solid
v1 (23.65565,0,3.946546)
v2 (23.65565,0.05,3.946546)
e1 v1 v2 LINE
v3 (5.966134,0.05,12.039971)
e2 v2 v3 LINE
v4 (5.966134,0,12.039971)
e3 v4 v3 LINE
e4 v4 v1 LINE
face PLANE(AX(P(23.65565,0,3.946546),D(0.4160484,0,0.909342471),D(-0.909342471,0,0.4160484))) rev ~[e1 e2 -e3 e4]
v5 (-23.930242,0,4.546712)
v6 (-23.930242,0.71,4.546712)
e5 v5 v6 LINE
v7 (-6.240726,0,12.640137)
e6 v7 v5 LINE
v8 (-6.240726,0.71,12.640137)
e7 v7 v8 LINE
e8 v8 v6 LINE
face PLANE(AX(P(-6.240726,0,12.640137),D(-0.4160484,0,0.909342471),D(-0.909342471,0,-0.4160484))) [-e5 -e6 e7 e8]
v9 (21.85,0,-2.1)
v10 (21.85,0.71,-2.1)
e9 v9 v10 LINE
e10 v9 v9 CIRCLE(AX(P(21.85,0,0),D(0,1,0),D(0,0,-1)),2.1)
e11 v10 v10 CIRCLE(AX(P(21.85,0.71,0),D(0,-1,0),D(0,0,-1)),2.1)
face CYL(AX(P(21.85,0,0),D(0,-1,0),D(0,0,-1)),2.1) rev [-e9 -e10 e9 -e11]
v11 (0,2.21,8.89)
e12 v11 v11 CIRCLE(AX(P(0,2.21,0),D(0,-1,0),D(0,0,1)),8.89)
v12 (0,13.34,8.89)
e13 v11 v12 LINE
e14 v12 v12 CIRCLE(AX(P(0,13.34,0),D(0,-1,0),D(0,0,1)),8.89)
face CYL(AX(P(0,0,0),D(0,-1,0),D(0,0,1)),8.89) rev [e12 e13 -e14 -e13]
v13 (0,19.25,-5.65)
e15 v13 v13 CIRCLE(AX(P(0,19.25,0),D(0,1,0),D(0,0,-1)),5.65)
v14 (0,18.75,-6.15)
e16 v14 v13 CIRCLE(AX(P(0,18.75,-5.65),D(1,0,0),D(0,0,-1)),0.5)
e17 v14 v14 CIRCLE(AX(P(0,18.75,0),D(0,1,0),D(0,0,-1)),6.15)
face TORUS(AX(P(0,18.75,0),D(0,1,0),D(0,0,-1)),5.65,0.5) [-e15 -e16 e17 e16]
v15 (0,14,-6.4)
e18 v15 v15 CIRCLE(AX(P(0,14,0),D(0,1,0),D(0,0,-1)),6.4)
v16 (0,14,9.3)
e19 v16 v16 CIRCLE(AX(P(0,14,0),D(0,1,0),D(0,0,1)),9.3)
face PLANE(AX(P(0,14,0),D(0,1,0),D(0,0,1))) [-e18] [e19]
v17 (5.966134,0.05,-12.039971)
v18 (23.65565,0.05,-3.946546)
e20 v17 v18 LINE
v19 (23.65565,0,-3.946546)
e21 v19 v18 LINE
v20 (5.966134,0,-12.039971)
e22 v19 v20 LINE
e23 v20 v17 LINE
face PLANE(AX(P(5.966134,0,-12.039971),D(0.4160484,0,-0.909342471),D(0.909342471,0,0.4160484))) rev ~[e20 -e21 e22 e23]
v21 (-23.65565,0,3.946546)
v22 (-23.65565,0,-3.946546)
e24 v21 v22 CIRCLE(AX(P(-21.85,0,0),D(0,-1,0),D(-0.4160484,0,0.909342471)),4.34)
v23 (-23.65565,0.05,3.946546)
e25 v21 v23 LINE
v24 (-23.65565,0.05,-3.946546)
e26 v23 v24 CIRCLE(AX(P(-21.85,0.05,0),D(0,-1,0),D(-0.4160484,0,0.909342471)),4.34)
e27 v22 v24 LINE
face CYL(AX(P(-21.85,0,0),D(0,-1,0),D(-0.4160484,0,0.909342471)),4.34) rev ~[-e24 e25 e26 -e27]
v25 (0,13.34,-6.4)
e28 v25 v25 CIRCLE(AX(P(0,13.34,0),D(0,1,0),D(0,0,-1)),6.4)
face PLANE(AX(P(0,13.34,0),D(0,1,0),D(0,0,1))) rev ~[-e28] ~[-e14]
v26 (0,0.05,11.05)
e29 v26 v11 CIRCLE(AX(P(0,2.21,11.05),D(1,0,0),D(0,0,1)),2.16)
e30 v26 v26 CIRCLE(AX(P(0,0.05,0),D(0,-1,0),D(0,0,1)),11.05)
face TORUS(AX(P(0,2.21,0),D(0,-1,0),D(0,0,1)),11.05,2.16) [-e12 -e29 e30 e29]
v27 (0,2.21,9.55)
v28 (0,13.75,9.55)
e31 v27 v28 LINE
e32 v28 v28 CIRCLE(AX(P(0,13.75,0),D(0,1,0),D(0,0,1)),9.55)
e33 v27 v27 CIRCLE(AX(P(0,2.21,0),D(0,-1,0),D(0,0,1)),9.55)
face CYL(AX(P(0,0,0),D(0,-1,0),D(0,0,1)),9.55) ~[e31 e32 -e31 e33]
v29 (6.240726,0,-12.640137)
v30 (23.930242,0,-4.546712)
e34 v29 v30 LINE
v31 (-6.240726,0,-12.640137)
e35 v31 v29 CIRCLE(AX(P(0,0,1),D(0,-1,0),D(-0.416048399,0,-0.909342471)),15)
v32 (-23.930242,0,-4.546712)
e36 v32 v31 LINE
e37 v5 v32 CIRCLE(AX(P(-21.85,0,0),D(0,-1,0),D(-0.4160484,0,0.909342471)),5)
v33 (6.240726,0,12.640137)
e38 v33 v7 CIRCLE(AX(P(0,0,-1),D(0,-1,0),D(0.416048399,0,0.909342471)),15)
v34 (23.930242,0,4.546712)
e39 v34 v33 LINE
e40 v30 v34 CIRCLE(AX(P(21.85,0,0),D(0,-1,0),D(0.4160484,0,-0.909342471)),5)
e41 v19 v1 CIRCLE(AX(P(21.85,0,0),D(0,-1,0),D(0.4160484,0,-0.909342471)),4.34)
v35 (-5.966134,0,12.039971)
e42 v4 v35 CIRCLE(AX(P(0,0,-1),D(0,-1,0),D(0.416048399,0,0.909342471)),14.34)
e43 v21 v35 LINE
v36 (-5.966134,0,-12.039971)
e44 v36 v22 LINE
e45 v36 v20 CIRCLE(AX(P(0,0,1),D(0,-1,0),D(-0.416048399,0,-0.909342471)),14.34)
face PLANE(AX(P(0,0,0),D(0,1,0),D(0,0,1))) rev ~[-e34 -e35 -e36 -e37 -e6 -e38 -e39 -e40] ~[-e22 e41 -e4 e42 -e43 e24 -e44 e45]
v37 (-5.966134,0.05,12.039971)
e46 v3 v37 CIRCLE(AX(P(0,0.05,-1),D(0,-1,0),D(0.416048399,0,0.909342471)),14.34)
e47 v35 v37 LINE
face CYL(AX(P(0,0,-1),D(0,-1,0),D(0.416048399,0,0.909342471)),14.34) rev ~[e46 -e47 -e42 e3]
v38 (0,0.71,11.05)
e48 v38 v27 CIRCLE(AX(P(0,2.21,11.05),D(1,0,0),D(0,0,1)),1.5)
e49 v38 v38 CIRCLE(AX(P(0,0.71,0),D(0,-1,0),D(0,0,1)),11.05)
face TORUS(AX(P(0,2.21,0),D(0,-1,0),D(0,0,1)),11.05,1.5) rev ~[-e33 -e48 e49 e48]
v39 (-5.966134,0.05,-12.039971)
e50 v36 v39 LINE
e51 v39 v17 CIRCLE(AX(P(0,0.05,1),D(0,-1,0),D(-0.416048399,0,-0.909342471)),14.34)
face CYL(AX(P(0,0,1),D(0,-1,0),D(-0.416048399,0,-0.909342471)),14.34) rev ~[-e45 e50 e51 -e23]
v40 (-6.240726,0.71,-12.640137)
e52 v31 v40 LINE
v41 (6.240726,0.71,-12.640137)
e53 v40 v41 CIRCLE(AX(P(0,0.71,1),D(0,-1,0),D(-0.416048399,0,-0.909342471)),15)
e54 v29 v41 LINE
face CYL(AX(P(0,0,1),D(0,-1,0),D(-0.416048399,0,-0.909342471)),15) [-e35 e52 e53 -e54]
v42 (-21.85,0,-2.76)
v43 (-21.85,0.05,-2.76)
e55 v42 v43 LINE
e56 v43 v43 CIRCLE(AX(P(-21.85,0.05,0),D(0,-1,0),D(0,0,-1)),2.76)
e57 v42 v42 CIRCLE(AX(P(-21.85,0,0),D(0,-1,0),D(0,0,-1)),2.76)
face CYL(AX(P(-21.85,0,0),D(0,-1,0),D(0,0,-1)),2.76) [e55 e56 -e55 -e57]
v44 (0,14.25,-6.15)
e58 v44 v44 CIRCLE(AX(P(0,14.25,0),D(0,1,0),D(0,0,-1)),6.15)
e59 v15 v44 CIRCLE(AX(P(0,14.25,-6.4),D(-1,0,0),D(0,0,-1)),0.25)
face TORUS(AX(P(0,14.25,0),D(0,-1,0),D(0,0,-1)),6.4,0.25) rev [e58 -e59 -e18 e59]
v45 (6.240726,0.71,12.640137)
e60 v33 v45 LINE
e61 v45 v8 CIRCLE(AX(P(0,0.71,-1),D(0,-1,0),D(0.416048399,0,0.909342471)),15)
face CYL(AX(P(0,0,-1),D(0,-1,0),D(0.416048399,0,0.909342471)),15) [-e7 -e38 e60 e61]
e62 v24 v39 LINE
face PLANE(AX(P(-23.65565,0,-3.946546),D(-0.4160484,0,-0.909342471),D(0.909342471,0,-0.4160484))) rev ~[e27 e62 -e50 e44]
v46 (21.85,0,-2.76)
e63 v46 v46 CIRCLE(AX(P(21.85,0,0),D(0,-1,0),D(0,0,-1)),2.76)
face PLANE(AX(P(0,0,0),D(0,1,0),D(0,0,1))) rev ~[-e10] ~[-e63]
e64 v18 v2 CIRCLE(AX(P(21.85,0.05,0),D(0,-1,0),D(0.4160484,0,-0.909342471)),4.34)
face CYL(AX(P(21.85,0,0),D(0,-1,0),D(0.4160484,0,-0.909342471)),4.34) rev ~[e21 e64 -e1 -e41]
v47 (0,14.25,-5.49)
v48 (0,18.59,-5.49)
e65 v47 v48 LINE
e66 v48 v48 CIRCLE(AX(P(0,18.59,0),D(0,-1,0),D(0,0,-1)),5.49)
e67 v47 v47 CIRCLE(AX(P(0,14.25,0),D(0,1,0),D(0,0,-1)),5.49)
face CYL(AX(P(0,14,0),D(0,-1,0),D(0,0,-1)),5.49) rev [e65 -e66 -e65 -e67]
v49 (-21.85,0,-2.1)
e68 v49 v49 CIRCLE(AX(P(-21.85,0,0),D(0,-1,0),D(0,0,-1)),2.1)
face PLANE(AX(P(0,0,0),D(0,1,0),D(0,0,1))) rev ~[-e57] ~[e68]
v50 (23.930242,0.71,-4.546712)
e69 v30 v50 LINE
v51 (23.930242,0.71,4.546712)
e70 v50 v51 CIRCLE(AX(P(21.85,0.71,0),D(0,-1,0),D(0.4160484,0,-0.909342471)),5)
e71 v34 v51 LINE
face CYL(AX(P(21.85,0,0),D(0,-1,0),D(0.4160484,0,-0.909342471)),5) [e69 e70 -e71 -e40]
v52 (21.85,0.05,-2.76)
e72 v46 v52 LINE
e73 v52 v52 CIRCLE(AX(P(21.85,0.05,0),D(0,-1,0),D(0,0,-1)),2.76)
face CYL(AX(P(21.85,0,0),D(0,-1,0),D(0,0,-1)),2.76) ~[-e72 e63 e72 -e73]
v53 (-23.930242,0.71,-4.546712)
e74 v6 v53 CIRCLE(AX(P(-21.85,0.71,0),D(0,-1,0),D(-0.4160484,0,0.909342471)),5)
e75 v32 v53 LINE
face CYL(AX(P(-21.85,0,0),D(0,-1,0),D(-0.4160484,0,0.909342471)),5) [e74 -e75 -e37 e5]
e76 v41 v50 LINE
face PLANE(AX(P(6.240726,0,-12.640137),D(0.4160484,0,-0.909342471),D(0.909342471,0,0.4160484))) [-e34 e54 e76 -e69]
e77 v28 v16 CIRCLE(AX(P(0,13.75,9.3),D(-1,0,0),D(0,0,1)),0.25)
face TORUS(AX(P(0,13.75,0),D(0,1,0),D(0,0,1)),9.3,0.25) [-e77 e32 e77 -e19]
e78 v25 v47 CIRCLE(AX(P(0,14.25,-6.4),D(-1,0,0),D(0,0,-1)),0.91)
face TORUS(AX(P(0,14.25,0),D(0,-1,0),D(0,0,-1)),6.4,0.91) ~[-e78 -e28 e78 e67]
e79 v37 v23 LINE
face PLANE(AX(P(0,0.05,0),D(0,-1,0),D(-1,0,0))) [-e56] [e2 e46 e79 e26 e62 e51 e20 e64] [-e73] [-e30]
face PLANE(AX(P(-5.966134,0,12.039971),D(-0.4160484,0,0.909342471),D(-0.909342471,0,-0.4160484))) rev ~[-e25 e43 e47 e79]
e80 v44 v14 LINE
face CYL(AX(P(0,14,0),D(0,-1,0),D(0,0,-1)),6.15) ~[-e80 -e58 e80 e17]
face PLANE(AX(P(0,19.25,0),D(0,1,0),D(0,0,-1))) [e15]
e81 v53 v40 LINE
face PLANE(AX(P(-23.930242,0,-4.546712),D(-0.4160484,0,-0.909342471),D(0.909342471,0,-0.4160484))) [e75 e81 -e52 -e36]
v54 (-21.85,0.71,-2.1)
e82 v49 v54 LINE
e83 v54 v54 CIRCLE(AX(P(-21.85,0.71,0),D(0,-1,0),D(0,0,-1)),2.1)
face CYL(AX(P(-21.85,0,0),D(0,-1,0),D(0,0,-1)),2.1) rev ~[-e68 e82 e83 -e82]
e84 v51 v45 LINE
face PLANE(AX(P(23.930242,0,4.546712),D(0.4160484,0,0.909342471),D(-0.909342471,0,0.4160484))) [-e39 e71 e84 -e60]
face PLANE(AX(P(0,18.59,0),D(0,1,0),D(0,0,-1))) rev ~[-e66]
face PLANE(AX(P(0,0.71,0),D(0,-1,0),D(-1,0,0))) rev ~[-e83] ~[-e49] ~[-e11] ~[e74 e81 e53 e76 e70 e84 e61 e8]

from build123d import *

# Parameters (mm, degrees)
BOSS_EXTRUDE1_DEPTH = 0.71
SKETCH4_R           = 2.1
CUT_EXTRUDE1_DEPTH  = 31.289050827
SKETCH2_R           = 9.55
BOSS_EXTRUDE2_DEPTH = 14
FILLET1_R           = 1.5
SKETCH3_R           = 6.15
BOSS_EXTRUDE3_DEPTH = 5.25
FILLET2_R           = 0.25
FILLET3_R           = 0.5
SHELL1_T            = -0.66


with BuildPart() as part:
    # Sketch1 → Boss-Extrude1 (new body)
    with BuildSketch(Plane(origin=(0, 0, 0), x_dir=(1, 0, 0), z_dir=(0, 1, 0))):
        with BuildLine():
            Line((-23.930241998, 4.546712354), (-6.240725993, 12.640137063))
            ThreePointArc((-6.240725993, 12.640137063), (0, 14), (6.240725993, 12.640137063))
            Line((6.240725993, 12.640137063), (23.930241998, 4.546712354))
            ThreePointArc((23.930241998, 4.546712354), (26.85, 0), (23.930241998, -4.546712354))
            Line((23.930241998, -4.546712354), (6.240725993, -12.640137063))
            ThreePointArc((6.240725993, -12.640137063), (0, -14), (-6.240725993, -12.640137063))
            Line((-6.240725993, -12.640137063), (-23.930241998, -4.546712354))
            ThreePointArc((-23.930241998, -4.546712354), (-26.85, 0), (-23.930241998, 4.546712354))
        make_face()
    extrude(amount=BOSS_EXTRUDE1_DEPTH)

    # Sketch4 → Cut-Extrude1 (cut, through all)
    with BuildSketch(Plane(origin=(0, 0, 0), x_dir=(1, 0, 0), z_dir=(0, 1, 0))):
        with Locations(Location((21.85, 0, 0), (0, 0, 90))):
            Circle(SKETCH4_R)
    cut_extrude1 = extrude(amount=CUT_EXTRUDE1_DEPTH, mode=Mode.SUBTRACT)

    # Sketch2 → Boss-Extrude2 (add)
    with BuildSketch(Plane(origin=(0, 0, 0), x_dir=(1, 0, 0), z_dir=(0, 1, 0))):
        with Locations(Location((0, 0, 0), (0, 0, 270))):
            Circle(SKETCH2_R)
    extrude(amount=BOSS_EXTRUDE2_DEPTH)

    # Fillet1
    fillet1_edges = [part.edges().sort_by_distance(p)[0] for p in [
        (0, 0.71, -9.55),
    ]]
    fillet(fillet1_edges, radius=FILLET1_R)

    # Sketch3 → Boss-Extrude3 (add)
    with BuildSketch(Plane(origin=(0, 14, 0), x_dir=(1, 0, 0), z_dir=(0, 1, 0))):
        with Locations(Location((0, 0, 0), (0, 0, 90))):
            Circle(SKETCH3_R)
    extrude(amount=BOSS_EXTRUDE3_DEPTH)

    # Fillet2
    fillet2_edges = [part.edges().sort_by_distance(p)[0] for p in [
        (0, 14, -9.55),
        (0, 14, 6.15),
    ]]
    fillet(fillet2_edges, radius=FILLET2_R)

    # Fillet3
    fillet3_edges = [part.edges().sort_by_distance(p)[0] for p in [
        (0, 19.25, 6.15),
    ]]
    fillet(fillet3_edges, radius=FILLET3_R)

    # Mirror1: Cut-Extrude1 across plane
    add(cut_extrude1.mirror(Plane(origin=(0, 0, 0), x_dir=(0, 0, 1), z_dir=(1, 0, 0))), mode=Mode.SUBTRACT)

    # Shell1
    shell1_openings = [part.faces().sort_by_distance(p)[0] for p in [
        (0, 0, 0),
    ]]
    offset(amount=SHELL1_T, openings=shell1_openings, kind=Kind.INTERSECTION)


solid = part.part
